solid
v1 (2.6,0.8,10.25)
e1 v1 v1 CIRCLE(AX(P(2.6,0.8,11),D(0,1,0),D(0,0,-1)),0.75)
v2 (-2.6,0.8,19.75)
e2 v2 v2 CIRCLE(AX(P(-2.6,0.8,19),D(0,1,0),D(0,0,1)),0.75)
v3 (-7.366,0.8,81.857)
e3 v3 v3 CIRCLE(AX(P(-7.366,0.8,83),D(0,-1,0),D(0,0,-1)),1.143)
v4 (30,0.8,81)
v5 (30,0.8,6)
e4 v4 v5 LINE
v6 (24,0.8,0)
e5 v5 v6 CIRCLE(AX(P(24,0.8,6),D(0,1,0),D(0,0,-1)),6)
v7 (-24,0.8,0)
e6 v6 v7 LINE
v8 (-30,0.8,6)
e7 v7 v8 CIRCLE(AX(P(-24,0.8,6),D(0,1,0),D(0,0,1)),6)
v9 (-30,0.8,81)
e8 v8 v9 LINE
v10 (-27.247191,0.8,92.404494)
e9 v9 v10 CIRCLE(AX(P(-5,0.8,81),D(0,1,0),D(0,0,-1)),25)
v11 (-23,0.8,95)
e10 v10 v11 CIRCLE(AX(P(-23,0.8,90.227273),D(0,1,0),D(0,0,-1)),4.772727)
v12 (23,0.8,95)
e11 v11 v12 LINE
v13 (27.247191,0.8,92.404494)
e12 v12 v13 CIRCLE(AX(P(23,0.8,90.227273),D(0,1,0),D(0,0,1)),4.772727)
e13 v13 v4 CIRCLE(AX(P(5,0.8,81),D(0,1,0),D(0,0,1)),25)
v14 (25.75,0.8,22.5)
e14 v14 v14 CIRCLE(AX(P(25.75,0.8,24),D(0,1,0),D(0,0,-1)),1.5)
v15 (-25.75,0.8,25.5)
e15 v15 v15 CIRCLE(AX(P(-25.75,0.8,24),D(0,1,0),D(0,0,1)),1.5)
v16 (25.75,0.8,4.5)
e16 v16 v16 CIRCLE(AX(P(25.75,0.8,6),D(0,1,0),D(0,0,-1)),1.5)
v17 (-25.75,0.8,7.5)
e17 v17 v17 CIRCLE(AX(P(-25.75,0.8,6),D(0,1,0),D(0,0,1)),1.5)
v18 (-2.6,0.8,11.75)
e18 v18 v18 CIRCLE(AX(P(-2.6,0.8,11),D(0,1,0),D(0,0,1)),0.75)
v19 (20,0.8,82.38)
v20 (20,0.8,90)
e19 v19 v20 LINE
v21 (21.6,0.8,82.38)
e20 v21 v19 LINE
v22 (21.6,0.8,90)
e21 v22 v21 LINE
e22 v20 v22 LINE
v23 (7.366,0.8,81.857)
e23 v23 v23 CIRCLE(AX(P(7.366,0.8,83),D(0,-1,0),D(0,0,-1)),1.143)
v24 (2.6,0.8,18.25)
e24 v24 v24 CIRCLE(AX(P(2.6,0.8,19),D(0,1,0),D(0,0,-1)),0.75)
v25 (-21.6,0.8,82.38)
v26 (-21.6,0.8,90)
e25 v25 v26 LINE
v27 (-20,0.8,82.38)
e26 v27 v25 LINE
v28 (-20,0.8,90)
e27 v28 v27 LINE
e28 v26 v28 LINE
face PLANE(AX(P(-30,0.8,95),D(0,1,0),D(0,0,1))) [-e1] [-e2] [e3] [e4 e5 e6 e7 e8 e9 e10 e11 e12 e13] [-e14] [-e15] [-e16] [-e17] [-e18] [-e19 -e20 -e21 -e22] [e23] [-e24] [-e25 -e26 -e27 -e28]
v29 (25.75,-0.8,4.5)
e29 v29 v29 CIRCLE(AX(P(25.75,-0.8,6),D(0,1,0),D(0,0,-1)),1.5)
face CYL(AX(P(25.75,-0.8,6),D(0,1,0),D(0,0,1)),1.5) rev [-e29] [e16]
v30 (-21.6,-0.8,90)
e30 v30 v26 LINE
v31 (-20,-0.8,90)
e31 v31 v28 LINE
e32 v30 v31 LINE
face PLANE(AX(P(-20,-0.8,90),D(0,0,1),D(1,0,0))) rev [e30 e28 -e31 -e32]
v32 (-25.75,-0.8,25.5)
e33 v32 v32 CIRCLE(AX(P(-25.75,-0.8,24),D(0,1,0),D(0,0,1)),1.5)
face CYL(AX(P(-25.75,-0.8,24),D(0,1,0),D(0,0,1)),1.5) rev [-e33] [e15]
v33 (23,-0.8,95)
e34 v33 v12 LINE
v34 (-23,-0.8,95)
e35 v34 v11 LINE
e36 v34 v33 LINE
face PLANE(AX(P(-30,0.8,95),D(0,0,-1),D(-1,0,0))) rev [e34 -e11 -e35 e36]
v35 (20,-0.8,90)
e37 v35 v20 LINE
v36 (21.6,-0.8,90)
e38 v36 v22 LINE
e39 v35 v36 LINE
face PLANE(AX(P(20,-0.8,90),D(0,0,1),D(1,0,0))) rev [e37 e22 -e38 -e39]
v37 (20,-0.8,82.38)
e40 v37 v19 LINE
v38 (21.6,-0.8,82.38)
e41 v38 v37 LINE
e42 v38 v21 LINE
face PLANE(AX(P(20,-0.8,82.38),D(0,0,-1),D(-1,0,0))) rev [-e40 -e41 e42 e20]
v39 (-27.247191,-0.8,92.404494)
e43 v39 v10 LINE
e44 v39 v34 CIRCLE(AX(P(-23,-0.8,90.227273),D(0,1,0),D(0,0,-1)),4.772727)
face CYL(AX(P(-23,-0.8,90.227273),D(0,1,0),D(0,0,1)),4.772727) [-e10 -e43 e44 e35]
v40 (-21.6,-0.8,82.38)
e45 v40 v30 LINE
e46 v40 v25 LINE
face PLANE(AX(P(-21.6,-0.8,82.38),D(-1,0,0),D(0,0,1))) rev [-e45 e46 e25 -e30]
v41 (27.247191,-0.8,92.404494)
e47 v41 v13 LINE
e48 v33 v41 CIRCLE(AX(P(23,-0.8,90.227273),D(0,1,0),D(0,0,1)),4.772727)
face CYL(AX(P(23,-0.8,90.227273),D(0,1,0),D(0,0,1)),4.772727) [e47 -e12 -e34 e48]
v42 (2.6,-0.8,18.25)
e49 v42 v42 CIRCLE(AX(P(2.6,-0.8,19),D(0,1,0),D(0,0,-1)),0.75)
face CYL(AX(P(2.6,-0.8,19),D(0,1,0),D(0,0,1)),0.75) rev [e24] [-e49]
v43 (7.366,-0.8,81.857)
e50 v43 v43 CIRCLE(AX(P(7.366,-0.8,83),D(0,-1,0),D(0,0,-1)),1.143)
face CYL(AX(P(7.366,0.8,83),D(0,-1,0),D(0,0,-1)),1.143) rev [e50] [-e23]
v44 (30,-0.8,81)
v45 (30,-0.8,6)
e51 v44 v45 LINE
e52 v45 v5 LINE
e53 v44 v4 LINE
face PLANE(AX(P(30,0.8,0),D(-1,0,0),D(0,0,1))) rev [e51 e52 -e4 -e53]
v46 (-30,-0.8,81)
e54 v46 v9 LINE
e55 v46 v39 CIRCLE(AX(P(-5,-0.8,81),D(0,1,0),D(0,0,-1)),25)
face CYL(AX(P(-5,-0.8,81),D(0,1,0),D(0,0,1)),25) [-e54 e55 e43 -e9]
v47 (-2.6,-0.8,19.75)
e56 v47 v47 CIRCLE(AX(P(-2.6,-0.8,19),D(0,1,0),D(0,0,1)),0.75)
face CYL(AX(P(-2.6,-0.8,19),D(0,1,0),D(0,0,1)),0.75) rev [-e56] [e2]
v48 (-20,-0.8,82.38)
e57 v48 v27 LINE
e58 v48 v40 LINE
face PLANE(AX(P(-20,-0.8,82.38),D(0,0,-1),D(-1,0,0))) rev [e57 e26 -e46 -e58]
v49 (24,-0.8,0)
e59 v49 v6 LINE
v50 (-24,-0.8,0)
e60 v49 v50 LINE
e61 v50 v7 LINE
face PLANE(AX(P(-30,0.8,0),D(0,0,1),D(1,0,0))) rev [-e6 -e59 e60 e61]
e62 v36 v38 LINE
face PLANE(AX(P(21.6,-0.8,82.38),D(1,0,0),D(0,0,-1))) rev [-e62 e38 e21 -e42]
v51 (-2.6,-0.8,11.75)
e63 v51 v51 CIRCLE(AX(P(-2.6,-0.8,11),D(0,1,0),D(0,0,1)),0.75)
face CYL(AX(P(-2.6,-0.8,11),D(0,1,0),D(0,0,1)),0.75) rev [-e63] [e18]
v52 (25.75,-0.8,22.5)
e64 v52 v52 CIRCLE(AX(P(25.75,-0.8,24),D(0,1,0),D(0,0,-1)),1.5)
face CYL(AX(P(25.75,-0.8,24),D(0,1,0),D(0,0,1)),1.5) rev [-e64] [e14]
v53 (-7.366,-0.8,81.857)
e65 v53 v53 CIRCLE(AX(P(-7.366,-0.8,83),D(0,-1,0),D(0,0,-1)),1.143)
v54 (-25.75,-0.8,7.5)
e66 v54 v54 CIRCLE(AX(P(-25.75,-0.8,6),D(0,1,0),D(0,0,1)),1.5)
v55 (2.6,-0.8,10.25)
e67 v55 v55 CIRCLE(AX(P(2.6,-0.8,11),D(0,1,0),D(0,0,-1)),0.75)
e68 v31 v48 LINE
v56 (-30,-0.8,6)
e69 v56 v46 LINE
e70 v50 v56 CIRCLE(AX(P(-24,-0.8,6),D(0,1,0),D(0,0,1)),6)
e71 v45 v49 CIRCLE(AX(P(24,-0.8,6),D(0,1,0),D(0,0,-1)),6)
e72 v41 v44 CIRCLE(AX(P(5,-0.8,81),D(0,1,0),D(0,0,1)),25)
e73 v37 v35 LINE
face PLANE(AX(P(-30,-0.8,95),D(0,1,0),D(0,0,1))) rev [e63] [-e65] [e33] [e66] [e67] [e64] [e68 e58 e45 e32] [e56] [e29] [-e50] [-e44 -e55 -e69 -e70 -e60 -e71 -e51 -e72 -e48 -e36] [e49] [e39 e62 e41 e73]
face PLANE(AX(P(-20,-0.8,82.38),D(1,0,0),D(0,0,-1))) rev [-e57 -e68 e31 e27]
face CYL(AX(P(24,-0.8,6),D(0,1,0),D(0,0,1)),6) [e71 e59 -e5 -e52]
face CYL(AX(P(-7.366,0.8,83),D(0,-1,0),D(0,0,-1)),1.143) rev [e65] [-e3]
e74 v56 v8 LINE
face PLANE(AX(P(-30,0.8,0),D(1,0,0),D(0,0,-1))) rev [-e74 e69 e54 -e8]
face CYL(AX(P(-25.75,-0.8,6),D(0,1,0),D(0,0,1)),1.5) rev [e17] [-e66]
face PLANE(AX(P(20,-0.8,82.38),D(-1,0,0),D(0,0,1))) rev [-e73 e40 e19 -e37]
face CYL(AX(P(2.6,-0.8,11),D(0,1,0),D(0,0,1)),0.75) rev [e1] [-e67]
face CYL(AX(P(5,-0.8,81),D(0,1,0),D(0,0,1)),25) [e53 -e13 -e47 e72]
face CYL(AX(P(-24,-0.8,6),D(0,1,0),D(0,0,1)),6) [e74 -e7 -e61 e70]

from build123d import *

# Parameters (mm, degrees)
SKICA1_W                 = 60
SKICA1_H                 = 95
P_IDAT_VYSUNUT_M1_DEPTH  = 0.8
SKICA3_OUTSIDE_W         = 84.474
SKICA3_OUTSIDE_H         = 119.474
ODEBRAT_VYSUNUT_M2_DEPTH = 100.637141669
SKICA2_W                 = 1.6
SKICA2_H                 = 7.62
ODEBRAT_VYSUNUT_M1_DEPTH = 100.637141669
SKICA4_R                 = 1.5
ODEBRAT_VYSUNUT_M3_DEPTH = 100.637141669
SKICA5_R                 = 1.143
ODEBRAT_VYSUNUT_M4_DEPTH = 100.637141669
SKICA8_R                 = 0.75
ODEBRAT_VYSUNUT_M5_DEPTH = 100.637141669


with BuildPart() as part:
    # Skica1 → Přidat vysunutím1 (new, symmetric)
    with BuildSketch(Plane(origin=(0, 0, 0), x_dir=(1, 0, 0), z_dir=(0, 1, 0))):
        with Locations((0, -47.5)):
            Rectangle(SKICA1_W, SKICA1_H)
    extrude(amount=P_IDAT_VYSUNUT_M1_DEPTH, both=True)

    # Skica3 outside → Odebrat vysunutím2 (cut, through all)
    with BuildSketch(Plane(origin=(0, 0.8, 0), x_dir=(1, 0, 0), z_dir=(0, 1, 0))):
        with Locations((0, -47.5)):
            Rectangle(SKICA3_OUTSIDE_W, SKICA3_OUTSIDE_H)
        with BuildLine():
            Line((-24, 0), (24, 0))
            ThreePointArc((24, 0), (28.242640687, -1.757359313), (30, -6))
            Line((30, -6), (30, -81))
            ThreePointArc((30, -81), (29.302055214, -86.866013328), (27.247191011, -92.404494382))
            ThreePointArc((27.247191011, -92.404494382), (25.488738681, -94.299754206), (23, -95))
            Line((23, -95), (-23, -95))
            ThreePointArc((-23, -95), (-25.488738681, -94.299754206), (-27.247191011, -92.404494382))
            ThreePointArc((-27.247191011, -92.404494382), (-29.302055214, -86.866013328), (-30, -81))
            Line((-30, -81), (-30, -6))
            ThreePointArc((-30, -6), (-28.242640687, -1.757359313), (-24, 0))
        make_face(mode=Mode.SUBTRACT)
    extrude(amount=-ODEBRAT_VYSUNUT_M2_DEPTH, mode=Mode.SUBTRACT)

    # Skica2 → Odebrat vysunutím1 (cut, through all)
    with BuildSketch(Plane(origin=(0, 0.8, 0), x_dir=(1, 0, 0), z_dir=(0, 1, 0))):
        with Locations((-20.8, -86.19)):
            Rectangle(SKICA2_W, SKICA2_H)
        with Locations((20.8, -86.19)):
            Rectangle(SKICA2_W, SKICA2_H)
    extrude(amount=-ODEBRAT_VYSUNUT_M1_DEPTH, mode=Mode.SUBTRACT)

    # Skica4 → Odebrat vysunutím3 (cut, through all)
    with BuildSketch(Plane(origin=(0, 0.8, 0), x_dir=(1, 0, 0), z_dir=(0, 1, 0))):
        with Locations(Location((-25.75, -6, 0), (0, 0, 270))):
            Circle(SKICA4_R)
        with Locations(Location((-25.75, -24, 0), (0, 0, 270))):
            Circle(SKICA4_R)
        with Locations(Location((25.75, -24, 0), (0, 0, 90))):
            Circle(SKICA4_R)
        with Locations(Location((25.75, -6, 0), (0, 0, 90))):
            Circle(SKICA4_R)
    extrude(amount=-ODEBRAT_VYSUNUT_M3_DEPTH, mode=Mode.SUBTRACT)

    # Skica5 → Odebrat vysunutím4 (cut, through all)
    with BuildSketch(Plane.XZ.offset(0.8)):
        with Locations(Location((-7.366, 83, 0), (0, 0, 270))):
            Circle(SKICA5_R)
        with Locations(Location((7.366, 83, 0), (0, 0, 270))):
            Circle(SKICA5_R)
    extrude(amount=-ODEBRAT_VYSUNUT_M4_DEPTH, mode=Mode.SUBTRACT)

    # Skica8 → Odebrat vysunutím5 (cut, through all)
    with BuildSketch(Plane(origin=(0, 0.8, 0), x_dir=(1, 0, 0), z_dir=(0, 1, 0))):
        with Locations(Location((-2.6, -11, 0), (0, 0, 270))):
            Circle(SKICA8_R)
        with Locations(Location((-2.6, -19, 0), (0, 0, 270))):
            Circle(SKICA8_R)
        with Locations(Location((2.6, -19, 0), (0, 0, 90))):
            Circle(SKICA8_R)
        with Locations(Location((2.6, -11, 0), (0, 0, 90))):
            Circle(SKICA8_R)
    extrude(amount=-ODEBRAT_VYSUNUT_M5_DEPTH, mode=Mode.SUBTRACT)


solid = part.part
